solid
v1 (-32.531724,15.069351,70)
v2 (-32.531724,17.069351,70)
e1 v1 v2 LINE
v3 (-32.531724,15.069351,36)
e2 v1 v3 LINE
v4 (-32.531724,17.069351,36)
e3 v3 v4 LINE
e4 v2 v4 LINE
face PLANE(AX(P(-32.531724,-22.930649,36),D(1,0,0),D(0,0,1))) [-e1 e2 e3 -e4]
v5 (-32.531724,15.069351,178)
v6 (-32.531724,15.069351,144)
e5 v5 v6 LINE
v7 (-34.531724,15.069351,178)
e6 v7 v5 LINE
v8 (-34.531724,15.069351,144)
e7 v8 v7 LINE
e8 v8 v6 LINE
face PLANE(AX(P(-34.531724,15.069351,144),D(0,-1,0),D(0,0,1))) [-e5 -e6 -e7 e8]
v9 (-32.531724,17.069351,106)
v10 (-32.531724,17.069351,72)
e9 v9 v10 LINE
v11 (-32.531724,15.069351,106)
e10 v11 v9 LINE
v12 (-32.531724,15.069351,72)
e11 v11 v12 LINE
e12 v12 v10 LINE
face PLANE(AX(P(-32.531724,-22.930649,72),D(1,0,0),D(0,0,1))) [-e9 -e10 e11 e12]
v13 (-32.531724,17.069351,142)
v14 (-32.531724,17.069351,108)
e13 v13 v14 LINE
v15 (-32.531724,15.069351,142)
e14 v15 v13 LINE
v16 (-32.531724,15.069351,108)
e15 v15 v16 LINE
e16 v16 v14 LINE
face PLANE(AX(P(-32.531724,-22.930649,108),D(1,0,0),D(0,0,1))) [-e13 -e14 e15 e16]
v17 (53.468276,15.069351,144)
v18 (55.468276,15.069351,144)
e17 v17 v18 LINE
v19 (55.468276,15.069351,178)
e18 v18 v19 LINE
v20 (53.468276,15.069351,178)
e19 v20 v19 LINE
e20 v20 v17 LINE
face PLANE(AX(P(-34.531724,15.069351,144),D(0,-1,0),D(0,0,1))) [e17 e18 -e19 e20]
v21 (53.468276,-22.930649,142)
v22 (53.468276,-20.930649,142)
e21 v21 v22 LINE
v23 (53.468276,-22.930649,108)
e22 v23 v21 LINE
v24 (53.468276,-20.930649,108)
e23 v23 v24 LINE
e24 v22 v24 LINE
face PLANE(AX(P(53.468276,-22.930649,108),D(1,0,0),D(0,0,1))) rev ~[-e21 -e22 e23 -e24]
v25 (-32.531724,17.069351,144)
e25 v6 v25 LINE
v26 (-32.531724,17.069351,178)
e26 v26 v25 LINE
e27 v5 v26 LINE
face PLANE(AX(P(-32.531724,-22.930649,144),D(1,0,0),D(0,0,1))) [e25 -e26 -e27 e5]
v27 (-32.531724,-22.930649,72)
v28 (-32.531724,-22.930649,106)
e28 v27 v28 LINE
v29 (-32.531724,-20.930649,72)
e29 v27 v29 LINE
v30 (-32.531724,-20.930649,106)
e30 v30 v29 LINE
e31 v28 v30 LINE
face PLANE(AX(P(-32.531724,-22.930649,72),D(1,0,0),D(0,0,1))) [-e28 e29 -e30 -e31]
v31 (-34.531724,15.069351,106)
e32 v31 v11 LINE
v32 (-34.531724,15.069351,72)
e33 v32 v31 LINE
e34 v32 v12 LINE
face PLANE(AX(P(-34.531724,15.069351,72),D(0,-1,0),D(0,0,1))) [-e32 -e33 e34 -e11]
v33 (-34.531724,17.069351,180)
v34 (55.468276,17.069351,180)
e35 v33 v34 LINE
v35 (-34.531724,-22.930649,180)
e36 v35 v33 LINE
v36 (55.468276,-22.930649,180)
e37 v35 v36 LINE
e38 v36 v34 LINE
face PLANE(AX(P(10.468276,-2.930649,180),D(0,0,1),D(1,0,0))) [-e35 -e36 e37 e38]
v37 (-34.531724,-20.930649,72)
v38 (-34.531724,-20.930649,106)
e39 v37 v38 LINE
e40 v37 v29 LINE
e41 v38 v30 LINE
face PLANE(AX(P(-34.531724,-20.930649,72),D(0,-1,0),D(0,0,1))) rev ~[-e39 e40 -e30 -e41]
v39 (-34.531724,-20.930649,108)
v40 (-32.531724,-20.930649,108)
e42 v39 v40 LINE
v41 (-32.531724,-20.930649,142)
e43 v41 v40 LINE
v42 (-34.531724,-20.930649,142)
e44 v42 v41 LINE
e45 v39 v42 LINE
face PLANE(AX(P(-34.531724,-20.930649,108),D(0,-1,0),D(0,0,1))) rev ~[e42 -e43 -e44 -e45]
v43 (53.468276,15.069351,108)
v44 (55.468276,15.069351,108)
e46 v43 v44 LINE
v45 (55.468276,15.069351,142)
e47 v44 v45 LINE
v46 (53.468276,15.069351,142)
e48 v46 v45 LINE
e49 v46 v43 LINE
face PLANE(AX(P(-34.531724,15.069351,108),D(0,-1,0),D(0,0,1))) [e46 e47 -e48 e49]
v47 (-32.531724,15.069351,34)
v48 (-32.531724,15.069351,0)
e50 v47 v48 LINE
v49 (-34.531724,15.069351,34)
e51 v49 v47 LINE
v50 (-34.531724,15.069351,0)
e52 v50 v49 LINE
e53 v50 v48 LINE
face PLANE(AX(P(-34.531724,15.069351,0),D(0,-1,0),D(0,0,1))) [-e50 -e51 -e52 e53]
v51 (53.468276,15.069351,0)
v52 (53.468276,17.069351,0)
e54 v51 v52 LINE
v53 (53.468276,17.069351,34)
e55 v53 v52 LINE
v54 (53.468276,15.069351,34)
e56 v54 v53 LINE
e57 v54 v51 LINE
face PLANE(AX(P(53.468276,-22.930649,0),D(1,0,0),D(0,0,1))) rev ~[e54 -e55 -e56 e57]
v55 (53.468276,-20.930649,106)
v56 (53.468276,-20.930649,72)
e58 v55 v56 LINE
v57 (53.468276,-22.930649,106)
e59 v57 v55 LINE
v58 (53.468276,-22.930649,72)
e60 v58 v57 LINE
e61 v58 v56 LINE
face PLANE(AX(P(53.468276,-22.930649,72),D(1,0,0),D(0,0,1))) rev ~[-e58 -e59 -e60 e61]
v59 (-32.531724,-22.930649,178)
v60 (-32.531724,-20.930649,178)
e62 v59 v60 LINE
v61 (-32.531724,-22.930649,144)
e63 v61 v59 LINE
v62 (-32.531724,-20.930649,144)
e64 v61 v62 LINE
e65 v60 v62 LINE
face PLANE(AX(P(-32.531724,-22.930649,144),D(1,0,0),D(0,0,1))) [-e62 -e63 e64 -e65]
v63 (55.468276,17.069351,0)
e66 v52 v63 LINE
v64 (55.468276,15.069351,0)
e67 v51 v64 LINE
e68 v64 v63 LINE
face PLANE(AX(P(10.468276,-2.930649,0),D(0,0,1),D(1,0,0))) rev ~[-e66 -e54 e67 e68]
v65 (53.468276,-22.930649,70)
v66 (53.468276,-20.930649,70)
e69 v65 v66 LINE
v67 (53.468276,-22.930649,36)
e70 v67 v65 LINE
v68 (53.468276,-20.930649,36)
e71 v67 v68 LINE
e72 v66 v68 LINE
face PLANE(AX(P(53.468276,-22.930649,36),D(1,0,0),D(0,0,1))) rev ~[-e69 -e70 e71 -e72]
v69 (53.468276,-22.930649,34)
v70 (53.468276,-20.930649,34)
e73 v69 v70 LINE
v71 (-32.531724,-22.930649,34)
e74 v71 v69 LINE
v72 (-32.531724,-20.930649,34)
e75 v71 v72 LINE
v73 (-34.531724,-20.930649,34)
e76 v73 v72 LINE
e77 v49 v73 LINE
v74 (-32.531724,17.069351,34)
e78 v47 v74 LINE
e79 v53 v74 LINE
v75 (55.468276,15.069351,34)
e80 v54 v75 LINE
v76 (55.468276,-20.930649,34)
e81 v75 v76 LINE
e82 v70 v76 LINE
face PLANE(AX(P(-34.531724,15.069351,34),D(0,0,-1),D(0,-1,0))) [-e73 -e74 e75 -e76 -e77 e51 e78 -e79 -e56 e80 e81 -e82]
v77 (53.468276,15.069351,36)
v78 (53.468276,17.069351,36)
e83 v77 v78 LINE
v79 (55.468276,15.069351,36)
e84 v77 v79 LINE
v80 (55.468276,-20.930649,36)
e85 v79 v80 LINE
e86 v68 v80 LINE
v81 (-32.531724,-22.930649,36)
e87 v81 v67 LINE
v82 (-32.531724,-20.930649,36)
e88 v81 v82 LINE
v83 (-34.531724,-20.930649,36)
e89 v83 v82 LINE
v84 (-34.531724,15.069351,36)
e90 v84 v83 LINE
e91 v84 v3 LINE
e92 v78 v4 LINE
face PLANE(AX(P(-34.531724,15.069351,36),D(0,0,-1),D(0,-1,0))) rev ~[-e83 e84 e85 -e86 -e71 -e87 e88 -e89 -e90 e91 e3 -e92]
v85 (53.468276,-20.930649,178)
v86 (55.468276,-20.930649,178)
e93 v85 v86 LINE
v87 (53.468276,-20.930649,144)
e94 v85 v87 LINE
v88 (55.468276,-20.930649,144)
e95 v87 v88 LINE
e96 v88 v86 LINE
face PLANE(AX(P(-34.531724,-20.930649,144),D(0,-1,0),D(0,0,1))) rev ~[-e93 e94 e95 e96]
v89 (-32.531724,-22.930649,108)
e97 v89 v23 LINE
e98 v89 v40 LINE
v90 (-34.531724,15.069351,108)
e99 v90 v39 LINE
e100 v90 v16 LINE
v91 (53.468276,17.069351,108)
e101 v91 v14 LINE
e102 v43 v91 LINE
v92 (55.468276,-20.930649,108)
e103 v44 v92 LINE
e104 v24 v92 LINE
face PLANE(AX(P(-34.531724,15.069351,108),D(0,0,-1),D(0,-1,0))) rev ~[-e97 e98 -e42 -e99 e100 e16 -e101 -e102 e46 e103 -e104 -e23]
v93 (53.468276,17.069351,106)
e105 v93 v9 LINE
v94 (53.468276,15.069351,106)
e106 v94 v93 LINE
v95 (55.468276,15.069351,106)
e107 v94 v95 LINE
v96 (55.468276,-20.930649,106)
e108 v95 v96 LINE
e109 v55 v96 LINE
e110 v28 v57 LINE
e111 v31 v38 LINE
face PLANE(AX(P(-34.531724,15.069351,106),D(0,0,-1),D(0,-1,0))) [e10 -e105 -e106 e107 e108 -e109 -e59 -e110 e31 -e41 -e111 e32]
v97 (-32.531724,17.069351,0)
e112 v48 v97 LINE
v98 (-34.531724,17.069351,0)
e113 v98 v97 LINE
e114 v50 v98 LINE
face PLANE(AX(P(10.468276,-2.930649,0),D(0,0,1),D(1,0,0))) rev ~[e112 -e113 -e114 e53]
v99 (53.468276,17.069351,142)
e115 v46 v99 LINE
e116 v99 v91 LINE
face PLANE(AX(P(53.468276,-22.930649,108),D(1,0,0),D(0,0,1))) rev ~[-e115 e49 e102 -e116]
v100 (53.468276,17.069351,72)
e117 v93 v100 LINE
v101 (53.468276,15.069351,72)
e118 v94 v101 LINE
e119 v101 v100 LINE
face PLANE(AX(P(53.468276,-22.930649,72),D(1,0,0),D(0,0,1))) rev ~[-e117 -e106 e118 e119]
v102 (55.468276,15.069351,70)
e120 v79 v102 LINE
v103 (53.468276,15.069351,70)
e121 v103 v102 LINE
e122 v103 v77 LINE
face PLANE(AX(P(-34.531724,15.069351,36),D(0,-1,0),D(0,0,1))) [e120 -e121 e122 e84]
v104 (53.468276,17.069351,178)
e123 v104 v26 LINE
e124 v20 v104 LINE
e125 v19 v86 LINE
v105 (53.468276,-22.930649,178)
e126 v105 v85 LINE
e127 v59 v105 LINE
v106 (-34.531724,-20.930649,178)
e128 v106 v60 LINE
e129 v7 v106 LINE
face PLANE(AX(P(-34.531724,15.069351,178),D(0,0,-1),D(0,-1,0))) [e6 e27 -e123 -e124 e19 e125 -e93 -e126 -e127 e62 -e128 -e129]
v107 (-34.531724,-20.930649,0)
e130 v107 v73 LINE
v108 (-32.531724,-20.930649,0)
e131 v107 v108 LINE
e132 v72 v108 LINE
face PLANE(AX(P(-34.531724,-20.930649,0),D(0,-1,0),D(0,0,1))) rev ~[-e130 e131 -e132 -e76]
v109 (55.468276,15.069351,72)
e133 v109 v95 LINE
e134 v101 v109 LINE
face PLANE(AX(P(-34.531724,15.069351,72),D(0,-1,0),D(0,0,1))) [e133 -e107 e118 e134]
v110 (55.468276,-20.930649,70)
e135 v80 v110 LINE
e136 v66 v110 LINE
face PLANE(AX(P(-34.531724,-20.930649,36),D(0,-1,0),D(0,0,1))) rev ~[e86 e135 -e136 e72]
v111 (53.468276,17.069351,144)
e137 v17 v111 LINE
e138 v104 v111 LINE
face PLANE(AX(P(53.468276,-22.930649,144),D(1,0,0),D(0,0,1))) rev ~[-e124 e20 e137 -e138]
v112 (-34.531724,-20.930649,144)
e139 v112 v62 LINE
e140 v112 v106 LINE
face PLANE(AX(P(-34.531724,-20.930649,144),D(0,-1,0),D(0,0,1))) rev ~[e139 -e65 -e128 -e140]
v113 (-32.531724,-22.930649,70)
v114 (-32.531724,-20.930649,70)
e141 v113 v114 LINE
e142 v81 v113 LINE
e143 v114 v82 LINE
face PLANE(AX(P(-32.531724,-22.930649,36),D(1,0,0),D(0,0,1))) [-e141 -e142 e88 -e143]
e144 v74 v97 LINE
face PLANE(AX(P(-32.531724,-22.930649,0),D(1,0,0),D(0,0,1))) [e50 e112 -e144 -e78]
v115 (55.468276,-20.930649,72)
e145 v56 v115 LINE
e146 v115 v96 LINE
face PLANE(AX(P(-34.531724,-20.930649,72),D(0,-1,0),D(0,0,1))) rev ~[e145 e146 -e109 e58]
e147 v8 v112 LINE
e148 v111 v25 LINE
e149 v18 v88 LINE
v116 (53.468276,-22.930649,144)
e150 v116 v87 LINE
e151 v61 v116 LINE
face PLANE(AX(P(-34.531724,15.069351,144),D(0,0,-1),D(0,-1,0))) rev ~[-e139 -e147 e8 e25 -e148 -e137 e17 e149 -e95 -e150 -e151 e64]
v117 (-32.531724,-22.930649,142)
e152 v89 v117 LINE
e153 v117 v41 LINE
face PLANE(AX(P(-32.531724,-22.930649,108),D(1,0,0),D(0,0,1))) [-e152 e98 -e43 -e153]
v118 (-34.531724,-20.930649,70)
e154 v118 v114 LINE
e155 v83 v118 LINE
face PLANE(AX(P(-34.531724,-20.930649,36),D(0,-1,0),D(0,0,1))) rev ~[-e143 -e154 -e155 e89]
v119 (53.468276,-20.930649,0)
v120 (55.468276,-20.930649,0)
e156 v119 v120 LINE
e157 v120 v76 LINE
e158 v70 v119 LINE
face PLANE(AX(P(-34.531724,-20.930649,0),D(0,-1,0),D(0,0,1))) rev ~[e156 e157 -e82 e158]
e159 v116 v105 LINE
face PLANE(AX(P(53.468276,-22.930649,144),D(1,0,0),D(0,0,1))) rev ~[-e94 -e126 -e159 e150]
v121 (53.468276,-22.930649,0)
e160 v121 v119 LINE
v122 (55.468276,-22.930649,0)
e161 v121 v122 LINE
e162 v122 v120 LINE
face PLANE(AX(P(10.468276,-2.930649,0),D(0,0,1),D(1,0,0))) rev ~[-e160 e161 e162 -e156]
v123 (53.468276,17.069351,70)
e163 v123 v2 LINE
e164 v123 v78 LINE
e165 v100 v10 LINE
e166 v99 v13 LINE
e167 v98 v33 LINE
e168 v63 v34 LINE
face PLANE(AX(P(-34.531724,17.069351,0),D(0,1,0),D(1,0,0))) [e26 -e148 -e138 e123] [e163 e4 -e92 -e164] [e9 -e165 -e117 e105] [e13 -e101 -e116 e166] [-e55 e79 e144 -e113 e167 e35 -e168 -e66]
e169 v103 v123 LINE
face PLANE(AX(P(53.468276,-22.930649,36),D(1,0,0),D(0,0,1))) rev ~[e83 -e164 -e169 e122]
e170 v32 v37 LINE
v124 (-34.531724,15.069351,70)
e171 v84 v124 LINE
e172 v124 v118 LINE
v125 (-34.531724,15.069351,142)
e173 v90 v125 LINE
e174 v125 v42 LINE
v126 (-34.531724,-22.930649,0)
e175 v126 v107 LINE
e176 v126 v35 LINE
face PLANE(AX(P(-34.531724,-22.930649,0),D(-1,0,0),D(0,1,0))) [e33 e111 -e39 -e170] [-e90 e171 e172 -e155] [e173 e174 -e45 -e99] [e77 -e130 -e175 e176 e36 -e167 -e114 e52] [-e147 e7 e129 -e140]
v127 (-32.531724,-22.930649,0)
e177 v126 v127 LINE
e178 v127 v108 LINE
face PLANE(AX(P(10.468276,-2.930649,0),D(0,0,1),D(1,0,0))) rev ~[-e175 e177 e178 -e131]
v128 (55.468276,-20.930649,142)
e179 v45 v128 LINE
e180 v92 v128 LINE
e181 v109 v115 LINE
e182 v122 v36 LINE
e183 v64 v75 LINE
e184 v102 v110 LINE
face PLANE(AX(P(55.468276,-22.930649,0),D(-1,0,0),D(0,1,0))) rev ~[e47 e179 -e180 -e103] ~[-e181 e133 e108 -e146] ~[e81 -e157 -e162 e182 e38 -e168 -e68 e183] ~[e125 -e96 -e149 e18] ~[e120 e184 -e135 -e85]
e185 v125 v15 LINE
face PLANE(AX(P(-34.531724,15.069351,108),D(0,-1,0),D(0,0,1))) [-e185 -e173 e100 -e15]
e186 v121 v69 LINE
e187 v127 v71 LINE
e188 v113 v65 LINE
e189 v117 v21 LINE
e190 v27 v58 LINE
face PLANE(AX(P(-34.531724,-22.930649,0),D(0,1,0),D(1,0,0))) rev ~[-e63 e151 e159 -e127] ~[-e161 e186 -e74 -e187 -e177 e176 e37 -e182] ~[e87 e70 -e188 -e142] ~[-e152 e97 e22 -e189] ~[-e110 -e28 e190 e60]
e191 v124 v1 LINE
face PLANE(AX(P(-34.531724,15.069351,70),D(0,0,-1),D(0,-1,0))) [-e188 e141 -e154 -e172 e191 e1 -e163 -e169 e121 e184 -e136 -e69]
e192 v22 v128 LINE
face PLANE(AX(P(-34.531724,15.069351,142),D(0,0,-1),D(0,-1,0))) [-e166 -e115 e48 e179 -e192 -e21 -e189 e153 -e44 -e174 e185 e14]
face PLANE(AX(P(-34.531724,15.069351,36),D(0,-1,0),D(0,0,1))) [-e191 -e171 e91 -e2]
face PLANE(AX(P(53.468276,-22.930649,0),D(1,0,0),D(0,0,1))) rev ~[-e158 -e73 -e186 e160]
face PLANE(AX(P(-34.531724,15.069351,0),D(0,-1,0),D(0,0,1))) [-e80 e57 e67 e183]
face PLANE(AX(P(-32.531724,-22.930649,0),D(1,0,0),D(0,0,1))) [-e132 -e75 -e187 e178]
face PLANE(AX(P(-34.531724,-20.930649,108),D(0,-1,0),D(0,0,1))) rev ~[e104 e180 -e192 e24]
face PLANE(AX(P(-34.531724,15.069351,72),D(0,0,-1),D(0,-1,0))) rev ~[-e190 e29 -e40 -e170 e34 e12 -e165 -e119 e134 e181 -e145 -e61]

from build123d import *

# Parameters (mm, degrees)
F0_W     = 90
F0_H     = 40
F1_DEPTH = 180
F2_W     = 86
F2_H     = 34
F3_DEPTH = 40.001
F4_W     = 36
F4_H     = 34
F5_DEPTH = 90.001


with BuildPart() as f1:
    # F0 (on Top) → F1 (new body)
    with BuildSketch(Plane.XY):
        with Locations((10.468276, -2.930649)):
            Rectangle(F0_W, F0_H)
    extrude(amount=F1_DEPTH)

    # F2 (on face) → F3 (cut, through all)
    with BuildSketch(Plane.XZ.offset(22.930649)):
        with Locations((10.468276, 161)):
            Rectangle(F2_W, F2_H)
        with Locations((10.468276, 125)):
            Rectangle(F2_W, F2_H)
        with Locations((10.468276, 89)):
            Rectangle(F2_W, F2_H)
        with Locations((10.468276, 53)):
            Rectangle(F2_W, F2_H)
        with Locations((10.468276, 17)):
            Rectangle(F2_W, F2_H)
    extrude(amount=-F3_DEPTH, mode=Mode.SUBTRACT)

    # F4 (on face) → F5 (cut, through all)
    with BuildSketch(Plane(origin=(-34.531724, 0, 0), x_dir=(0, -1, 0), z_dir=(-1, 0, 0))):
        with Locations((2.930649, 161)):
            Rectangle(F4_W, F4_H)
        with Locations((2.930649, 125)):
            Rectangle(F4_W, F4_H)
        with Locations((2.930649, 89)):
            Rectangle(F4_W, F4_H)
        with Locations((2.930649, 53)):
            Rectangle(F4_W, F4_H)
        with Locations((2.930649, 17)):
            Rectangle(F4_W, F4_H)
    extrude(amount=-F5_DEPTH, mode=Mode.SUBTRACT)


solid = f1.part
